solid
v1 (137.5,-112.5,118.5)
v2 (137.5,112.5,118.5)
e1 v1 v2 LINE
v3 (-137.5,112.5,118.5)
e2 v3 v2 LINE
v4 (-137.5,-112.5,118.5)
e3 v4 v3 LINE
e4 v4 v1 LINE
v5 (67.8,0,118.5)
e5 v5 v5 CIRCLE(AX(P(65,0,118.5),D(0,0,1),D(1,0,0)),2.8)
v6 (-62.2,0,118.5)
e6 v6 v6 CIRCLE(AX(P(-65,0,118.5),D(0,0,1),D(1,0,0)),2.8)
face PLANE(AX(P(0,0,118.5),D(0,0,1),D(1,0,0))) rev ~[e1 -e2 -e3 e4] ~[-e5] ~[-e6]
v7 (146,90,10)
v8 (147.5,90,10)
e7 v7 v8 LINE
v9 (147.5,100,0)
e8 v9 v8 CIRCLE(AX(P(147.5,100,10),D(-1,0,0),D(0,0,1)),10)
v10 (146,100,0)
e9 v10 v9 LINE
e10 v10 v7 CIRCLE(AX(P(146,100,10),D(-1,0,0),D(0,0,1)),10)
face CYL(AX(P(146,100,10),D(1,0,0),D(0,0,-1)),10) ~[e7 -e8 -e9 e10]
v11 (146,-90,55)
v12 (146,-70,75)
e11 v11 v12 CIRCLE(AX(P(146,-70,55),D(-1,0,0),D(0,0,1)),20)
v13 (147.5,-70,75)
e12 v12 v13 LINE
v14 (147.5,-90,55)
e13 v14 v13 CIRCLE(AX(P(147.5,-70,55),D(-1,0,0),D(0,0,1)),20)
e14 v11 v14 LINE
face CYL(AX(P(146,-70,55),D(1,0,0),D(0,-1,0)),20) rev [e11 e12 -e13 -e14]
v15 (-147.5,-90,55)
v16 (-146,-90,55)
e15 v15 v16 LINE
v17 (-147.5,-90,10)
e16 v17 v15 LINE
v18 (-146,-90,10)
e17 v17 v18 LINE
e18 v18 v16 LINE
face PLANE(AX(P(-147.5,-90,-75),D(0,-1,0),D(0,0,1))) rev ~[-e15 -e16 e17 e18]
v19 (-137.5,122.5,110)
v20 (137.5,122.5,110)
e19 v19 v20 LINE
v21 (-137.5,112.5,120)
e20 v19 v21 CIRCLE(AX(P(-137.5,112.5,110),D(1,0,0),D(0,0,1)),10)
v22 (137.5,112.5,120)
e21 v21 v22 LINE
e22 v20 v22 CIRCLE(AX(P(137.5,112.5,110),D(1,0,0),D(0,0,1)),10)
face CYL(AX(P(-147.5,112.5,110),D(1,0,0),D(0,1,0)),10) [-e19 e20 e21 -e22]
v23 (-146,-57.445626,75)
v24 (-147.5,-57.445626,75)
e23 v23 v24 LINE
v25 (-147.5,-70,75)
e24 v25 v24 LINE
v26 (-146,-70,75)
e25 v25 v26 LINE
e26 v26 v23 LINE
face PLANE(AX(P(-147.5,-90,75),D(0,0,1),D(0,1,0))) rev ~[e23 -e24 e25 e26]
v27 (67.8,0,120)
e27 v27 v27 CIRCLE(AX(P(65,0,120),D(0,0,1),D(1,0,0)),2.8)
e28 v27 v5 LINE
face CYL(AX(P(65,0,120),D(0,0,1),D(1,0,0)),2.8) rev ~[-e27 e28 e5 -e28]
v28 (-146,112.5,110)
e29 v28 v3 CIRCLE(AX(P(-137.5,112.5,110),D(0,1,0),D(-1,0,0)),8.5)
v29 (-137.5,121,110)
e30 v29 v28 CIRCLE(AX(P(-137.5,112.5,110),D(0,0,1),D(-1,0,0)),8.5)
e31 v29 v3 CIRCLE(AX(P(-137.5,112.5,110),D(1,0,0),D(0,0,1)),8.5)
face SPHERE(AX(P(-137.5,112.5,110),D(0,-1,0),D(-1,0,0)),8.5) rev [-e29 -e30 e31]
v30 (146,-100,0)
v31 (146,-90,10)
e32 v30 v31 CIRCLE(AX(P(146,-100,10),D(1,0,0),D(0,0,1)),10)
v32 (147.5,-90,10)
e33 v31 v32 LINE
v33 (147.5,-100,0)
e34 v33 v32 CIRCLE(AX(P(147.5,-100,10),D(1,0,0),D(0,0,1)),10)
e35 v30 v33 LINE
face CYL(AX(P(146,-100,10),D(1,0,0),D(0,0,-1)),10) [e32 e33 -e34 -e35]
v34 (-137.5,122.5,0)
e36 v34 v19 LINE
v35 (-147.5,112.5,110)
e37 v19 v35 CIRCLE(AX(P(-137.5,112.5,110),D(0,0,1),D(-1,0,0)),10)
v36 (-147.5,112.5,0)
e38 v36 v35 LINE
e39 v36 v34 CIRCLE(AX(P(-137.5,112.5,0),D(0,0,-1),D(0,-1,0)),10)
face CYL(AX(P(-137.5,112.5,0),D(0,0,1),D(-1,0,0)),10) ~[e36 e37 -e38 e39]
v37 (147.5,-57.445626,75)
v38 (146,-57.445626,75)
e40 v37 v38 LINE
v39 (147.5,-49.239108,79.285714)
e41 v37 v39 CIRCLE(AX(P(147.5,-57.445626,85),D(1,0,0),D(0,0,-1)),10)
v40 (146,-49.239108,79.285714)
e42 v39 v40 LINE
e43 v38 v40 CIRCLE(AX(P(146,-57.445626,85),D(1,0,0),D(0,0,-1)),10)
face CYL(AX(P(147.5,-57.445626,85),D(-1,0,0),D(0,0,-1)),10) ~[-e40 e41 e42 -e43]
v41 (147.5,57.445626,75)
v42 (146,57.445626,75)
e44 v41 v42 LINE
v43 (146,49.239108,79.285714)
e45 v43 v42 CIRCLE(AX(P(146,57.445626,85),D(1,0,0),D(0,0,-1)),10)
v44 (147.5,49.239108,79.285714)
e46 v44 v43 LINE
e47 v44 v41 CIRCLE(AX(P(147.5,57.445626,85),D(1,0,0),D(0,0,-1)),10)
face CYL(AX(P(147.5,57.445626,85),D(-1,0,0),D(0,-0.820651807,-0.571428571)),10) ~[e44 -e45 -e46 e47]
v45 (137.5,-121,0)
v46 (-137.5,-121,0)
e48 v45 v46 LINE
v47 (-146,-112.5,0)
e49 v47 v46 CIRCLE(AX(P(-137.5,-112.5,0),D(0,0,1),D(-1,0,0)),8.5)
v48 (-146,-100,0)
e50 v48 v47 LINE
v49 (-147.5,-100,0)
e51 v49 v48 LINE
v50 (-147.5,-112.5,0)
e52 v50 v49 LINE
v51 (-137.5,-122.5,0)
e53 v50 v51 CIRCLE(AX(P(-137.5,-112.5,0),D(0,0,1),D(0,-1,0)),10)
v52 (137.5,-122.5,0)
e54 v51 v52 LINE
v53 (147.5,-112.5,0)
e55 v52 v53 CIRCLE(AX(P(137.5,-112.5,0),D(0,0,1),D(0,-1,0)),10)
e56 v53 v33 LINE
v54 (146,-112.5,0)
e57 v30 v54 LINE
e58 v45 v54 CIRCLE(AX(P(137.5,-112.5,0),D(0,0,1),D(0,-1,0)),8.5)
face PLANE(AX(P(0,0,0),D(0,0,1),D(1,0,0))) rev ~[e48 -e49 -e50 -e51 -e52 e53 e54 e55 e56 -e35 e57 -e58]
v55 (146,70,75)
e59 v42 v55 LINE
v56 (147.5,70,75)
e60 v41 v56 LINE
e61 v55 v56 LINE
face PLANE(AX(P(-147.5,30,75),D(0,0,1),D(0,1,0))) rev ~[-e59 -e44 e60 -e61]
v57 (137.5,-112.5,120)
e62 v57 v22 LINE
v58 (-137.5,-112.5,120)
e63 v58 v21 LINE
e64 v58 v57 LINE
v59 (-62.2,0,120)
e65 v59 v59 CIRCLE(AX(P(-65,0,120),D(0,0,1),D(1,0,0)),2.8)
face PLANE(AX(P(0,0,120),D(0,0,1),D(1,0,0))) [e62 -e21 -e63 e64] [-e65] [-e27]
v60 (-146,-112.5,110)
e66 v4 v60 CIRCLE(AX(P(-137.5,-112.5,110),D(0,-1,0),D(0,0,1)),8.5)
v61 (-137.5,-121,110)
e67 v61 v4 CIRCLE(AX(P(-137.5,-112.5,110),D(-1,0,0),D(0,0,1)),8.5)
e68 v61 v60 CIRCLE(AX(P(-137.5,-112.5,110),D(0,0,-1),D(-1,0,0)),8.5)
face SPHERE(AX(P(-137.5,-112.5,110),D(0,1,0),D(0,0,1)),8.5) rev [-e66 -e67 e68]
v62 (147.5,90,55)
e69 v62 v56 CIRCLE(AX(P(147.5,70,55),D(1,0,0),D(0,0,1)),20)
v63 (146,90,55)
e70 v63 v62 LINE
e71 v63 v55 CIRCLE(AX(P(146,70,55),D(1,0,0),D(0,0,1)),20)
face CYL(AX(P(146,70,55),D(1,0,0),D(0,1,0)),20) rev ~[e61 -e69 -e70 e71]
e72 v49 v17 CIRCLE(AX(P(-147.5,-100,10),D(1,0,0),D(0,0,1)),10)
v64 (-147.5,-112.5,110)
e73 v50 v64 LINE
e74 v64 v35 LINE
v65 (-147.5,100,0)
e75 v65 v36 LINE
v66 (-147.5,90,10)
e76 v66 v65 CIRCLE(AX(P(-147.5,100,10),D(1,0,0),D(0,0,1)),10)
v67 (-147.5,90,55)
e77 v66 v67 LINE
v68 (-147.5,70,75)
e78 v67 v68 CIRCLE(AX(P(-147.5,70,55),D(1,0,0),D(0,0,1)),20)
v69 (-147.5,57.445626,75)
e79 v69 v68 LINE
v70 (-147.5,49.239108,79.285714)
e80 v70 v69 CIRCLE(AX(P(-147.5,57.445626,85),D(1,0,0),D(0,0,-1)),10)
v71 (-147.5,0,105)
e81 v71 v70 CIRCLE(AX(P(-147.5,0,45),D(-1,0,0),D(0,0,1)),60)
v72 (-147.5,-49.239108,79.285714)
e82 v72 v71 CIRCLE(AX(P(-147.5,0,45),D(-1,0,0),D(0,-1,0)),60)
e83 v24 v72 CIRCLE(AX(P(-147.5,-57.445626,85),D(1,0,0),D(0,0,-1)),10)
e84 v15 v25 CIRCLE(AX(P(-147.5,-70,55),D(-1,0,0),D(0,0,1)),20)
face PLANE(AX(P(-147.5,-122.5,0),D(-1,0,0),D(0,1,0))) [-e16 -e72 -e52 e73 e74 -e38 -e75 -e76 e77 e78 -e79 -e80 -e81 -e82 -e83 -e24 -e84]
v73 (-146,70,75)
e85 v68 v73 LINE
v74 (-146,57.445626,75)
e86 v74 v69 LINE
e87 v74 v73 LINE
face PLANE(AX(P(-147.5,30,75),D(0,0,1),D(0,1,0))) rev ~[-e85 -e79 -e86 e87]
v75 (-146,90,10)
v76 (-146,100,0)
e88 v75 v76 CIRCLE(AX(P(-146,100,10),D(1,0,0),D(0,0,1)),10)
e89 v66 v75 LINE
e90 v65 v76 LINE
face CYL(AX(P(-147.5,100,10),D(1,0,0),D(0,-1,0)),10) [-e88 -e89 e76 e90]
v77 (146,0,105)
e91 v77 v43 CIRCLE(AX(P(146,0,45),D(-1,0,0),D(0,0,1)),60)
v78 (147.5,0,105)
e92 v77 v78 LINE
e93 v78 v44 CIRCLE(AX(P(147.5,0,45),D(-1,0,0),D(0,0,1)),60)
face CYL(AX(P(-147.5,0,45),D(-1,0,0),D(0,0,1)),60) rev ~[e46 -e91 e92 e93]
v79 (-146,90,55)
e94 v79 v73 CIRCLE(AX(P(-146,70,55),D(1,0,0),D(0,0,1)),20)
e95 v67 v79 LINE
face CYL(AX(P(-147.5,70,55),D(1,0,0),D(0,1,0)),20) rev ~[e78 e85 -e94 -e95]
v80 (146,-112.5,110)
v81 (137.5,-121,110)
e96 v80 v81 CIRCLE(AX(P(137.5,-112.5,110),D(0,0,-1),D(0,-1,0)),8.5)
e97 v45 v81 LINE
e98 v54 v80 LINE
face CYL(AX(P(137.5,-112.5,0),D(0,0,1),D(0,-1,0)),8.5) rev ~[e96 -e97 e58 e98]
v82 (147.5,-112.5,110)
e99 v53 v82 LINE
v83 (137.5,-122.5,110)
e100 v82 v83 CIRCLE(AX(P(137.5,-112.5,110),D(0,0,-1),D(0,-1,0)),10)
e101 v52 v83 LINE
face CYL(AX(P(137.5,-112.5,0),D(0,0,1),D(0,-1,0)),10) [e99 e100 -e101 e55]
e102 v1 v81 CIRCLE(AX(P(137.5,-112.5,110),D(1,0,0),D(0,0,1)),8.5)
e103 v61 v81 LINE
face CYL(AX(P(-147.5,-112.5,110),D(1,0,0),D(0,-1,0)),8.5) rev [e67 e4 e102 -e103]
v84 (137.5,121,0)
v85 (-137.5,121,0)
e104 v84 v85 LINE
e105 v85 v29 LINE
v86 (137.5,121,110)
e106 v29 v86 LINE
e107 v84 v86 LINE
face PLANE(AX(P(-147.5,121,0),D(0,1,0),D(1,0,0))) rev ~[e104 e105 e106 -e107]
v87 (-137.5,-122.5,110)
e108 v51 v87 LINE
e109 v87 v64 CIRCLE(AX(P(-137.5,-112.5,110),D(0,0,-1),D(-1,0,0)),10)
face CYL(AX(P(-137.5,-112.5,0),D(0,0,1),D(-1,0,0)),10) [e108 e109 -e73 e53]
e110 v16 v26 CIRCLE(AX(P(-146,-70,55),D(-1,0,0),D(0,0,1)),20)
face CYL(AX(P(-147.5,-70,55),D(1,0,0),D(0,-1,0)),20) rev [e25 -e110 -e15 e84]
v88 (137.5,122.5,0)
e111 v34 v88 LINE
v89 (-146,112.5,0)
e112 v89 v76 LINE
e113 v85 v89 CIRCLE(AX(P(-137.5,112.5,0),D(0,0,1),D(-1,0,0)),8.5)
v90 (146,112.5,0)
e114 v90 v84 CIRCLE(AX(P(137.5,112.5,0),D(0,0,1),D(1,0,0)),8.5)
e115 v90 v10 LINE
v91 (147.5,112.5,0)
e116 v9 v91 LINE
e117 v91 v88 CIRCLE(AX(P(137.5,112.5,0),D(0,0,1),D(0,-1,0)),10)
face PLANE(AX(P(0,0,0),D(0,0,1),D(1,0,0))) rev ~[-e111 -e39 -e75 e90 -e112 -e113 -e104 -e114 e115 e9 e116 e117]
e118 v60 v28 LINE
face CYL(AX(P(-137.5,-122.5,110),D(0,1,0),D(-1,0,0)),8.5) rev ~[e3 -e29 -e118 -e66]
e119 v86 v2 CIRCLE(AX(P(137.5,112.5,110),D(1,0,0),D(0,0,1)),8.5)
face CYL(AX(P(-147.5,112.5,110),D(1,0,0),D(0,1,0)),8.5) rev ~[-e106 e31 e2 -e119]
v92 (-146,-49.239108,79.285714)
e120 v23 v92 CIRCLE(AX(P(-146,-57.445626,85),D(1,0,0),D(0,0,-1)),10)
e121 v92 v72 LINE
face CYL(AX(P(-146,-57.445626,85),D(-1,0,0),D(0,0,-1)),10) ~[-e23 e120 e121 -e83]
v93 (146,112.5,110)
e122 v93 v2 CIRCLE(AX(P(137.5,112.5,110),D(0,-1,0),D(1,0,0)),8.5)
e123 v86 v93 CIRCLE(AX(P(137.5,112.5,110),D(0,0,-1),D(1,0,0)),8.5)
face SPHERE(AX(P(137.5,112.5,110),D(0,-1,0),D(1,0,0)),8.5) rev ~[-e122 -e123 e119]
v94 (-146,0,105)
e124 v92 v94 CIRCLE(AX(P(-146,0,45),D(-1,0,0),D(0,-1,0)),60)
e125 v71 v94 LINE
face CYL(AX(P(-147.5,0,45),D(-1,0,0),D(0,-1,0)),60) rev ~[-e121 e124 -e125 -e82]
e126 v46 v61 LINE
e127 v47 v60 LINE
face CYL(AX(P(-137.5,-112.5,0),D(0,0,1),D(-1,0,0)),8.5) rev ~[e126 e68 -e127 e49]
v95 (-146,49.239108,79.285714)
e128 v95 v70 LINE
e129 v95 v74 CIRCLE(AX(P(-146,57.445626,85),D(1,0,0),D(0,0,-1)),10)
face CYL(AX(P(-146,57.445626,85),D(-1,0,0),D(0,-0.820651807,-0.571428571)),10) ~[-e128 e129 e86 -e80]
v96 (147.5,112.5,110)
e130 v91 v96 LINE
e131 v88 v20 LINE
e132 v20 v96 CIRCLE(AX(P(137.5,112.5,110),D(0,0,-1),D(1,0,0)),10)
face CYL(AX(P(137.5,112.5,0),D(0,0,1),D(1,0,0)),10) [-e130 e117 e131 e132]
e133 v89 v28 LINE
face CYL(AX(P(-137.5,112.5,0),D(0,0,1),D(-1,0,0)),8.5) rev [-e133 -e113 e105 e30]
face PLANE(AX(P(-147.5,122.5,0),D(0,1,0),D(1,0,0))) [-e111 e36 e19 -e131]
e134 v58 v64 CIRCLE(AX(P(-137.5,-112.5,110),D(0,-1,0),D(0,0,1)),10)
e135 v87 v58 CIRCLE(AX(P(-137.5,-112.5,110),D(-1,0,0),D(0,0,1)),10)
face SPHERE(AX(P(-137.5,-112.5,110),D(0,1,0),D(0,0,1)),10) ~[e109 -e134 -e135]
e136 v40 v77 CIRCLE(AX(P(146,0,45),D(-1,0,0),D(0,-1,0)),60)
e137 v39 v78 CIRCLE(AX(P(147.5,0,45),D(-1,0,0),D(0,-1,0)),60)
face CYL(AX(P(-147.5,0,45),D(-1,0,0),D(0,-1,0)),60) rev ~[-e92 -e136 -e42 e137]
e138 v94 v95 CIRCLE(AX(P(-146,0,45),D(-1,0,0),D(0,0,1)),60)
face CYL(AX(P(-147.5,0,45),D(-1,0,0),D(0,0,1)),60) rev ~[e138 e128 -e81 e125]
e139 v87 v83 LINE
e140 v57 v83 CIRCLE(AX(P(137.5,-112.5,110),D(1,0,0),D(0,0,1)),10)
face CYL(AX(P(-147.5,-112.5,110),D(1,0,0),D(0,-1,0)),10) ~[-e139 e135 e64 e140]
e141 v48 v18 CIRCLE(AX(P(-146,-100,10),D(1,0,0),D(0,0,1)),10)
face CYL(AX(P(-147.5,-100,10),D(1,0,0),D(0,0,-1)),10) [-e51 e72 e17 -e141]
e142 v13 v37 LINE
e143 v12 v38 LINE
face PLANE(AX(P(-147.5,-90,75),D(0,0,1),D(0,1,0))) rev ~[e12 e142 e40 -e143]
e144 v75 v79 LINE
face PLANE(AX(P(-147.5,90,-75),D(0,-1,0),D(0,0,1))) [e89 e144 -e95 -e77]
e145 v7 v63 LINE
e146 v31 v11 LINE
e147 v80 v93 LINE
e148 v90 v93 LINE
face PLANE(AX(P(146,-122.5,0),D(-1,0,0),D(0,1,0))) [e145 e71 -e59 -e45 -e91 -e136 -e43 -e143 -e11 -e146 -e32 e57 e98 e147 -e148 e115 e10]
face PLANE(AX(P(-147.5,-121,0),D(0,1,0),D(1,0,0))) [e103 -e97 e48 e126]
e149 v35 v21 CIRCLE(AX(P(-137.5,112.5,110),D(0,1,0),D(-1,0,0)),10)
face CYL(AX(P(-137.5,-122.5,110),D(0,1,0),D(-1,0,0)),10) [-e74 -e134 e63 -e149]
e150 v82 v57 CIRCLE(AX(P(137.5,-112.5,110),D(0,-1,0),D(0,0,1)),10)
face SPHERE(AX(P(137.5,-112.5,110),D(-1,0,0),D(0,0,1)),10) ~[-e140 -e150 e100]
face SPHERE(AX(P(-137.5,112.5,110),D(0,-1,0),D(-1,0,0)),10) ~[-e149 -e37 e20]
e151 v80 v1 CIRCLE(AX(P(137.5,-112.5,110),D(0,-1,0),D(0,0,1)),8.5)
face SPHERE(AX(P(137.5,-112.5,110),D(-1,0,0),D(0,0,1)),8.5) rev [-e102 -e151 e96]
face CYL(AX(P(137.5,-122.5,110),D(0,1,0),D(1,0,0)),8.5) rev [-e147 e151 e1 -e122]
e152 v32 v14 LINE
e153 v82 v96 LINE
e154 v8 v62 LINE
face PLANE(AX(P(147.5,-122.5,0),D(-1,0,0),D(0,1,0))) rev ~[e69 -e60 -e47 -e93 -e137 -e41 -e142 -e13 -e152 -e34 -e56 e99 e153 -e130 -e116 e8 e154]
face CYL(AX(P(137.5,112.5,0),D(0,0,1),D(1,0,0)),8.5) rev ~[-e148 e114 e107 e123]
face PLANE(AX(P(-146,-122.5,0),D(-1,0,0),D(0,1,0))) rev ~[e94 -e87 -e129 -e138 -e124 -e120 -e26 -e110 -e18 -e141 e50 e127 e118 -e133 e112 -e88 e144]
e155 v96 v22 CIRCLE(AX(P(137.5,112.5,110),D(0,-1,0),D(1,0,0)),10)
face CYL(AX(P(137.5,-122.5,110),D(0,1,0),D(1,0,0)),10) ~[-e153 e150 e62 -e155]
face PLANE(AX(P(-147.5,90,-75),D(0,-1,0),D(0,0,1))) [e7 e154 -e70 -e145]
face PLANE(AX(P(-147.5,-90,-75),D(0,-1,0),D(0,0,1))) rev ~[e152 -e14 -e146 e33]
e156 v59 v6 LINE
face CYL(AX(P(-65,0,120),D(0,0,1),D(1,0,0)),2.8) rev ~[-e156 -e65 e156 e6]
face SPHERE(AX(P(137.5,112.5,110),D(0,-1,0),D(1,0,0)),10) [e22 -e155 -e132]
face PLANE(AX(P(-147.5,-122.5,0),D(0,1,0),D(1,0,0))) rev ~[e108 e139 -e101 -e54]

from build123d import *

# Parameters (mm, degrees)
SKETCH_1_W          = 295
SKETCH_1_H          = 245
EXTRUDE_1_DEPTH     = 120
FILLET_1_R          = 10
SHELL_1_T           = -1.5
CUT_EXTRUDE_1_DEPTH = 342.220236797
SKETCH_3_W          = 150
SKETCH_3_H          = 60
CUT_EXTRUDE_2_DEPTH = 342.220236797
FILLET_2_R          = 10
FILLET_3_R          = 20
SKETCH_4_R          = 2.8
CUT_EXTRUDE_3_DEPTH = 10


with BuildPart() as part:
    # 草图1 → 凸台-拉伸1 (new body)
    with BuildSketch(Plane.XY):
        Rectangle(SKETCH_1_W, SKETCH_1_H)
    extrude(amount=EXTRUDE_1_DEPTH)

    # 圆角1
    fillet_1_edges = [part.edges().sort_by_distance(p)[0] for p in [
        (-147.5, 0, 120),
        (0, -122.5, 120),
        (147.5, 0, 120),
        (147.5, -122.5, 60),
        (-147.5, -122.5, 60),
        (-147.5, 122.5, 60),
        (147.5, 122.5, 60),
        (0, 122.5, 120),
    ]]
    fillet(fillet_1_edges, radius=FILLET_1_R)

    # 抽壳1
    shell_1_openings = [part.faces().sort_by_distance(p)[0] for p in [
        (0, 0, 0),
    ]]
    offset(amount=SHELL_1_T, openings=shell_1_openings, kind=Kind.INTERSECTION)

    # 草图2 → 切除-拉伸1 (cut, through all)
    with BuildSketch(Plane.ZY.offset(147.5)):
        with BuildLine():
            ThreePointArc((105, 0), (87.426406871, 42.426406871), (45, 60))
            Line((45, 60), (45, -60))
            ThreePointArc((45, -60), (87.426406871, -42.426406871), (105, 0))
        make_face()
        with BuildLine():
            Line((45, -60), (45, 60))
            ThreePointArc((45, 60), (20.313730334, 54.686269666), (0, 39.686269666))
            Line((0, 39.686269666), (0, -39.686269666))
            ThreePointArc((0, -39.686269666), (20.313730334, -54.686269666), (45, -60))
        make_face()
        with BuildLine():
            Line((0, -39.686269666), (0, 39.686269666))
            ThreePointArc((0, 39.686269666), (-15, 0), (0, -39.686269666))
        make_face()
        with BuildLine():
            Line((45, 60), (0, 60))
            Line((0, 60), (0, 39.686269666))
            ThreePointArc((0, 39.686269666), (20.313730334, 54.686269666), (45, 60))
        make_face()
        with BuildLine():
            Line((0, -39.686269666), (0, -60))
            Line((0, -60), (45, -60))
            ThreePointArc((45, -60), (20.313730334, -54.686269666), (0, -39.686269666))
        make_face()
    extrude(amount=-CUT_EXTRUDE_1_DEPTH, mode=Mode.SUBTRACT)

    # 草图3 → 切除-拉伸2 (cut, through all)
    with BuildSketch(Plane.ZY.offset(147.5)):
        with Locations((0, -60)):
            Rectangle(SKETCH_3_W, SKETCH_3_H)
        with Locations((0, 60)):
            Rectangle(SKETCH_3_W, SKETCH_3_H)
    extrude(amount=-CUT_EXTRUDE_2_DEPTH, mode=Mode.SUBTRACT)

    # 圆角2
    fillet_2_edges = [part.edges().sort_by_distance(p)[0] for p in [
        (146.75, 51.961524227, 75),
        (146.75, -51.961524227, 75),
        (146.75, -90, 0),
        (-146.75, -90, 0),
        (-146.75, -51.961524227, 75),
        (146.75, 90, 0),
        (-146.75, 90, 0),
        (-146.75, 51.961524227, 75),
    ]]
    fillet(fillet_2_edges, radius=FILLET_2_R)

    # 圆角3
    fillet_3_edges = [part.edges().sort_by_distance(p)[0] for p in [
        (146.75, -90, 75),
        (-146.75, -90, 75),
        (-146.75, 90, 75),
        (146.75, 90, 75),
    ]]
    fillet(fillet_3_edges, radius=FILLET_3_R)

    # 草图4 → 切除-拉伸3 (cut)
    with BuildSketch(Plane.XY.offset(120)):
        with Locations((-65, 0)):
            Circle(SKETCH_4_R)
        with Locations((65, 0)):
            Circle(SKETCH_4_R)
    extrude(amount=-CUT_EXTRUDE_3_DEPTH, mode=Mode.SUBTRACT)


solid = part.part
